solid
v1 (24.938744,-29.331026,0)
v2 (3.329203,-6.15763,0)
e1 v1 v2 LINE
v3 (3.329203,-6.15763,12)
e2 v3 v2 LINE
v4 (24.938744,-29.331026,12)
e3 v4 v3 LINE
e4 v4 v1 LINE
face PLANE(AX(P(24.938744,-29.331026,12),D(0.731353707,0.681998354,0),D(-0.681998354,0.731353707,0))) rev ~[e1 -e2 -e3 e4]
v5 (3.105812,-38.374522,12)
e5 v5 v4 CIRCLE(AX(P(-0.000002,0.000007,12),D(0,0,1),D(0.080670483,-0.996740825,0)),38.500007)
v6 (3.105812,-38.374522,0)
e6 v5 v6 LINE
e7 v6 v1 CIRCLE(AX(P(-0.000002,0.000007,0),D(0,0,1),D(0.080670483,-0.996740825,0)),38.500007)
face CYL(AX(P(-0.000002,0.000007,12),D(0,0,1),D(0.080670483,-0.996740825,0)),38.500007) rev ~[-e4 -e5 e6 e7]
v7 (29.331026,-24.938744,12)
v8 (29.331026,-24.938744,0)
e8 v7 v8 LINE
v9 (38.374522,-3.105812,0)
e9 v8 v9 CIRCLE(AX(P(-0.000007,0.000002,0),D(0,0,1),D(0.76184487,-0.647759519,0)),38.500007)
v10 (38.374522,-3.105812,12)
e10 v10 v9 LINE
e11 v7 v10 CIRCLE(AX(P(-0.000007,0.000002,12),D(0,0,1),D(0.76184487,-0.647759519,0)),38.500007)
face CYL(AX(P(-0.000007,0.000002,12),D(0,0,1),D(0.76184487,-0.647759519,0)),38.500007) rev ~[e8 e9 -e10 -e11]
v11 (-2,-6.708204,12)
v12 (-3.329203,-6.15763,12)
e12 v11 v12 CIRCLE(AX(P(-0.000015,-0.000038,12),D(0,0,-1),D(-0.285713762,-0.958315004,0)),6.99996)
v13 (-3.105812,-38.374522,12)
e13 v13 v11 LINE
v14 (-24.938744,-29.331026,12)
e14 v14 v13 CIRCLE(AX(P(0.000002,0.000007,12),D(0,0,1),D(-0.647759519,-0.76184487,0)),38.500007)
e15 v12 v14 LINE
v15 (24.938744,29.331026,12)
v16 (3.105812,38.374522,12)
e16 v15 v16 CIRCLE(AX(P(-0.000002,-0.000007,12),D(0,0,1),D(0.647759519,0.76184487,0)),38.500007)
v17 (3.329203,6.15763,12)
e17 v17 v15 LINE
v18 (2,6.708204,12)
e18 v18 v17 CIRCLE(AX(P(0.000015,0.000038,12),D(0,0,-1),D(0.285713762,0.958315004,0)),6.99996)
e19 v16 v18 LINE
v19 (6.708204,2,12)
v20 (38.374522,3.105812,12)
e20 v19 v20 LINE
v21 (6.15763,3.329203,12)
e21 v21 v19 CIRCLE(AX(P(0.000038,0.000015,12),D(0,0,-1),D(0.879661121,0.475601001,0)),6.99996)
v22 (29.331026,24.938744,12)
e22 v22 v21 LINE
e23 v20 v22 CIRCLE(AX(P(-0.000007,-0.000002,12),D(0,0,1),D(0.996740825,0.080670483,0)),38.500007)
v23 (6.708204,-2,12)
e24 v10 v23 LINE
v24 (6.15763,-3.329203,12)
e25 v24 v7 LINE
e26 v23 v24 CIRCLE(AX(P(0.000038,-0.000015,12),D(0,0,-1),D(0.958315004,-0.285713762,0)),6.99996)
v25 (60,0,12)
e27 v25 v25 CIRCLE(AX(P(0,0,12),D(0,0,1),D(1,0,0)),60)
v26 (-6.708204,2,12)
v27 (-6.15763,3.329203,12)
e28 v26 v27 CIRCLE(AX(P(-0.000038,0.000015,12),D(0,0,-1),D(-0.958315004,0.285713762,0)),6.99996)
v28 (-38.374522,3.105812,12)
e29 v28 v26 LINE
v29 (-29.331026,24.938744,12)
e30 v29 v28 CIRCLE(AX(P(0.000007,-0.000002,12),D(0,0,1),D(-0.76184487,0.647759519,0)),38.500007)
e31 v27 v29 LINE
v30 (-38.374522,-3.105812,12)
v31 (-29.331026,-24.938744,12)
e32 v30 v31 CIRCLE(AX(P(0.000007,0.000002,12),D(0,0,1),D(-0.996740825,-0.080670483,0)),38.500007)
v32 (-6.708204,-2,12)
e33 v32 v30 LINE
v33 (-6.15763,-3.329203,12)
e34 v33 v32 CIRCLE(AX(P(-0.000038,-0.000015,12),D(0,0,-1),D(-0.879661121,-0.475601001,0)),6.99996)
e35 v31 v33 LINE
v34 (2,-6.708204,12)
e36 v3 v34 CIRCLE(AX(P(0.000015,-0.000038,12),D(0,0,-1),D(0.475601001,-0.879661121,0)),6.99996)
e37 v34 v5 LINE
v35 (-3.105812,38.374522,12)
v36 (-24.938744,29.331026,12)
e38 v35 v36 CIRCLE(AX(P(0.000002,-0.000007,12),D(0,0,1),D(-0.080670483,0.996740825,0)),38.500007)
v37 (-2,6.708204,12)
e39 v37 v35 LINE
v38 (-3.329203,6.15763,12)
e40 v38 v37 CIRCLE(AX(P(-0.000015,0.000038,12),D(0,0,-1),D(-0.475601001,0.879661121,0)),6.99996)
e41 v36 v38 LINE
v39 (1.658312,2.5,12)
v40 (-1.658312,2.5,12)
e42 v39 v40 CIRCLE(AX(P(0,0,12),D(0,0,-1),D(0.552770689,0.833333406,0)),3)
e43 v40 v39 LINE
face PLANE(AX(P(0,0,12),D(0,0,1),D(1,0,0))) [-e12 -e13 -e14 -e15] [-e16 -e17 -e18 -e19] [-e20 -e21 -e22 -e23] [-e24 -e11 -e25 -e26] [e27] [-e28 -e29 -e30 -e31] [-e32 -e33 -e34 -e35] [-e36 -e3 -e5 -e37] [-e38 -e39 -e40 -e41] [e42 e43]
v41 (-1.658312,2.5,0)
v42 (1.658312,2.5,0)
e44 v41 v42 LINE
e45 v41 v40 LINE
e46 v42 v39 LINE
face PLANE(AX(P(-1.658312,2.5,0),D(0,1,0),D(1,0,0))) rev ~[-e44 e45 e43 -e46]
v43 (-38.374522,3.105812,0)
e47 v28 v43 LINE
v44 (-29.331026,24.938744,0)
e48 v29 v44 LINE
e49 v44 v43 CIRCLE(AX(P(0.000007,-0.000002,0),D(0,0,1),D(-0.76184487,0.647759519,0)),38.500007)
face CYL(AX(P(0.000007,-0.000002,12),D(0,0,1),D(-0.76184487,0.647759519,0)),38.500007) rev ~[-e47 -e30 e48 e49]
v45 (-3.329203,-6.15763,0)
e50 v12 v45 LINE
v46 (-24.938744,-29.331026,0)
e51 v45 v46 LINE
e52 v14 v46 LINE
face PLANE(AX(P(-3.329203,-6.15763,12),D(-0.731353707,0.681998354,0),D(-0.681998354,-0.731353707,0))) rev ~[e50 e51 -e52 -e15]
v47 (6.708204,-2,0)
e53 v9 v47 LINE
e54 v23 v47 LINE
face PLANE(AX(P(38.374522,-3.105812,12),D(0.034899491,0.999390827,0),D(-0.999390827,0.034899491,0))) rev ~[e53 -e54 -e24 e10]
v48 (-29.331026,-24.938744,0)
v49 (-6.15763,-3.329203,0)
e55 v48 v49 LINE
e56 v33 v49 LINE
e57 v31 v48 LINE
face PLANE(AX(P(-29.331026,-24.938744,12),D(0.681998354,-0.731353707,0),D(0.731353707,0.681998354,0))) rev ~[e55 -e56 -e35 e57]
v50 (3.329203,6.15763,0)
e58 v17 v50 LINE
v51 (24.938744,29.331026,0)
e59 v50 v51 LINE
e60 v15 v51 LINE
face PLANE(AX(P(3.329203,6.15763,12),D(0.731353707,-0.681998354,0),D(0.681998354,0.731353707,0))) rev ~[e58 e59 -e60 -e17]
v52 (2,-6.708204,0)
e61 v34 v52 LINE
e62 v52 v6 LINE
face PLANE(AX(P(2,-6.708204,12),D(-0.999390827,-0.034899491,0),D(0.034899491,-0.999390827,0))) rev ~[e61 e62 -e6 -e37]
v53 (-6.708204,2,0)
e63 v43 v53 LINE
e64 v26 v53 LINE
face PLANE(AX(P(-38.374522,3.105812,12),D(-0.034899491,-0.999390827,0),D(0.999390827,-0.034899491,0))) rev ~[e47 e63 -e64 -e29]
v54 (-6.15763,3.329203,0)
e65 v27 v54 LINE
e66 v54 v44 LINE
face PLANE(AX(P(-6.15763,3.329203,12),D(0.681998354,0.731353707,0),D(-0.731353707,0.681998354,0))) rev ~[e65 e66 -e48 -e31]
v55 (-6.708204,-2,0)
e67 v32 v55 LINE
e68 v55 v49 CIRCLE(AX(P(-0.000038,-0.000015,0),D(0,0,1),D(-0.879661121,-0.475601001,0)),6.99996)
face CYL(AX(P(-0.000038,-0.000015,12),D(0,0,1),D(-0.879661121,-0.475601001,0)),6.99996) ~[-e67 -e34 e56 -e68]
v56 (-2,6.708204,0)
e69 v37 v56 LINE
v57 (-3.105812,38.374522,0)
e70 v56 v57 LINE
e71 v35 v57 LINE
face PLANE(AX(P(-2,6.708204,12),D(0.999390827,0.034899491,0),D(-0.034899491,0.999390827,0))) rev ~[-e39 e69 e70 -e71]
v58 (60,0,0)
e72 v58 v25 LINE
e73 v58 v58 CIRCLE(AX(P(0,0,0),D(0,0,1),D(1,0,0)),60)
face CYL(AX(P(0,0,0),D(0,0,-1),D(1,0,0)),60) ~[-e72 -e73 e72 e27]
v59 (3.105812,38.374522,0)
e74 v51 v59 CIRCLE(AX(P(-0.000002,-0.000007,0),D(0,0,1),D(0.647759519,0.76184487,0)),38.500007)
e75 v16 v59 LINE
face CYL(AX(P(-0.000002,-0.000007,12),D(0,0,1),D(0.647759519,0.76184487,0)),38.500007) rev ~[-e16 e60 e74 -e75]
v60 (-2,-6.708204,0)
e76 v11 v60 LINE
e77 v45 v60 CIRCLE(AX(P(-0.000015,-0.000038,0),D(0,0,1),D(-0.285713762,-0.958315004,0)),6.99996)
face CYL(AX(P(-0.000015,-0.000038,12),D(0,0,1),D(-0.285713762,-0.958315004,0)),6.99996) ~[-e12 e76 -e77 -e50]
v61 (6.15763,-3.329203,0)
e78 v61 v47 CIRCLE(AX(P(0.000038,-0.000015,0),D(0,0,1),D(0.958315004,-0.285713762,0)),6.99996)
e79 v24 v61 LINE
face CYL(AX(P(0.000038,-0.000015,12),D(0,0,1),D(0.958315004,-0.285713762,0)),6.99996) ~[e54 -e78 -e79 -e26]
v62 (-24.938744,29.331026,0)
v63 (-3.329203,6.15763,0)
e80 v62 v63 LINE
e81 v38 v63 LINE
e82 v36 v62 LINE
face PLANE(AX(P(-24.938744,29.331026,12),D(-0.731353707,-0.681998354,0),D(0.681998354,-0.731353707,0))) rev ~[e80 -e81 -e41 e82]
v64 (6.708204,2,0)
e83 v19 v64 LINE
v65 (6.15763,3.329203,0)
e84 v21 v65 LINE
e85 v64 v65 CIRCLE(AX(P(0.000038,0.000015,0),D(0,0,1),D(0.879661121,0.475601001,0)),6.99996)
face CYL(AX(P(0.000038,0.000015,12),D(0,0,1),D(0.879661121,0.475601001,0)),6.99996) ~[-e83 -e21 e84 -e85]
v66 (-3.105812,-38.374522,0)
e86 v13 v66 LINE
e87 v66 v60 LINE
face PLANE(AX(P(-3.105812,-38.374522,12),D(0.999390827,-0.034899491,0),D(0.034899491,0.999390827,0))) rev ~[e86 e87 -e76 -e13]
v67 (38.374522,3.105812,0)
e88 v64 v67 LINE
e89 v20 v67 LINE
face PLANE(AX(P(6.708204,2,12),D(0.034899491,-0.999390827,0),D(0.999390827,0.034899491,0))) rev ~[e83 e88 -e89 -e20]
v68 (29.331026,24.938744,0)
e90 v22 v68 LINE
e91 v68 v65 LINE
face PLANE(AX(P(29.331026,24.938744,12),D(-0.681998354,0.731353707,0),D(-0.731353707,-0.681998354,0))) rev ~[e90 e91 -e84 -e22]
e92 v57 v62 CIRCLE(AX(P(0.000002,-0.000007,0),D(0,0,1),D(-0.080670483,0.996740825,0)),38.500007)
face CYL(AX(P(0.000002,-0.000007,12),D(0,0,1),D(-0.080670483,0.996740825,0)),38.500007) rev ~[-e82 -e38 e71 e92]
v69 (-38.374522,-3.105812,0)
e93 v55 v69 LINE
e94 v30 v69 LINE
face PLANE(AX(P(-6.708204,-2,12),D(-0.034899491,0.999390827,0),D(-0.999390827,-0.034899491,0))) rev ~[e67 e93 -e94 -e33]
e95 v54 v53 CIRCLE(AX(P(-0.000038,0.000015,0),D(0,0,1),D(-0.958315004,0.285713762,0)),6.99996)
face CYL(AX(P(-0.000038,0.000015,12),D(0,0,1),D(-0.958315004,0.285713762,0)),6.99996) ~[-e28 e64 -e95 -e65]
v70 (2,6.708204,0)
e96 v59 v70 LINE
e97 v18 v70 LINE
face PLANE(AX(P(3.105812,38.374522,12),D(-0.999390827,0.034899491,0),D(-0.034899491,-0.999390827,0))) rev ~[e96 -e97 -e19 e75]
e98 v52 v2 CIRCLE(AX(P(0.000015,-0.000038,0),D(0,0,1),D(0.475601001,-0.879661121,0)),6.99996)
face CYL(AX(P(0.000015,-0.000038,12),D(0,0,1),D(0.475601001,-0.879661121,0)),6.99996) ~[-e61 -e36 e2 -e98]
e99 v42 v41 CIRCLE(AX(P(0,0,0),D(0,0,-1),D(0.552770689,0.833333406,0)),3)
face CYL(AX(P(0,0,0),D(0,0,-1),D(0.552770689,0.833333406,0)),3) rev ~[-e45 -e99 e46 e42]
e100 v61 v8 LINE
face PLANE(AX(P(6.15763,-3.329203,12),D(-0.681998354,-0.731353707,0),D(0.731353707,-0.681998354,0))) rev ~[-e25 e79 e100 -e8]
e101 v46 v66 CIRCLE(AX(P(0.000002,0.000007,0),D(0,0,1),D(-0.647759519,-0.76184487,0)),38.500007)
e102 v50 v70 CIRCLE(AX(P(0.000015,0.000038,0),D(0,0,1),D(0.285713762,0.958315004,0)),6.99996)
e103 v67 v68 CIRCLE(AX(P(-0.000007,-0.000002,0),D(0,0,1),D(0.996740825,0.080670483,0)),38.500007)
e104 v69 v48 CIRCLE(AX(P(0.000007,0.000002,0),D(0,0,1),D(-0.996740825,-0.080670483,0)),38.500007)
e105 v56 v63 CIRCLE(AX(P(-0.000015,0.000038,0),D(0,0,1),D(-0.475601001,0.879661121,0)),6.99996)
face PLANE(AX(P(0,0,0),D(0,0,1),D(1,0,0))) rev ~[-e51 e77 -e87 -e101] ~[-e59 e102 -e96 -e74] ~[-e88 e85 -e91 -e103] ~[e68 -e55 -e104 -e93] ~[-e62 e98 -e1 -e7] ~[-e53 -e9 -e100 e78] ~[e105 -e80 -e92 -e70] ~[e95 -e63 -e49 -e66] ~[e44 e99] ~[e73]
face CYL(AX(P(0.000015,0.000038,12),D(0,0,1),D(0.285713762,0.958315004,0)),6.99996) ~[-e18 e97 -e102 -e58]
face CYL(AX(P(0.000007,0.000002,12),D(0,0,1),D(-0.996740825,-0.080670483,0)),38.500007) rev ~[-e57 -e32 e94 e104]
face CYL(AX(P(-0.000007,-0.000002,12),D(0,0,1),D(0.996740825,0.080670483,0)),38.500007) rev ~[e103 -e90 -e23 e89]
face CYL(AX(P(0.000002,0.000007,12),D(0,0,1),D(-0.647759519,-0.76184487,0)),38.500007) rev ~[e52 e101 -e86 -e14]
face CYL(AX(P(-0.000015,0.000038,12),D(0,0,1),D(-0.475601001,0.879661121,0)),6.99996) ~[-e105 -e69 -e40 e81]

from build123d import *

# Parameters (mm, degrees)
F0_R     = 60
F1_DEPTH = 12
F3_DEPTH = 25


with BuildPart() as f1:
    # F0 (on Top) → F1 (new body)
    with BuildSketch(Plane.XY):
        Circle(F0_R)
        with BuildLine():
            ThreePointArc((1.658312, 2.5), (0, -3), (-1.658312, 2.5))
            Line((-1.658312, 2.5), (1.658312, 2.5))
        make_face(mode=Mode.SUBTRACT)
    extrude(amount=F1_DEPTH)

    # F2 (on face) → F3 (cut)
    with BuildSketch(Plane.XY.offset(12)):
        with BuildLine():
            ThreePointArc((-3.329203, 6.15763), (-2.678784, 6.467157), (-2, 6.708204))
            Line((-2, 6.708204), (-3.105812, 38.374522))
            ThreePointArc((-3.105812, 38.374522), (-14.733312, 35.569362), (-24.938744, 29.331026))
            Line((-24.938744, 29.331026), (-3.329203, 6.15763))
        make_face()
        with BuildLine():
            Line((3.105812, 38.374522), (2, 6.708204))
            ThreePointArc((2, 6.708204), (2.678784, 6.467157), (3.329203, 6.15763))
            Line((3.329203, 6.15763), (24.938744, 29.331026))
            ThreePointArc((24.938744, 29.331026), (14.733312, 35.569362), (3.105812, 38.374522))
        make_face()
        with BuildLine():
            Line((29.331026, 24.938744), (6.15763, 3.329203))
            ThreePointArc((6.15763, 3.329203), (6.467157, 2.678784), (6.708204, 2))
            Line((6.708204, 2), (38.374522, 3.105812))
            ThreePointArc((38.374522, 3.105812), (35.569362, 14.733312), (29.331026, 24.938744))
        make_face()
        with BuildLine():
            Line((38.374522, -3.105812), (6.708204, -2))
            ThreePointArc((6.708204, -2), (6.467157, -2.678784), (6.15763, -3.329203))
            Line((6.15763, -3.329203), (29.331026, -24.938744))
            ThreePointArc((29.331026, -24.938744), (35.569362, -14.733312), (38.374522, -3.105812))
        make_face()
        with BuildLine():
            Line((24.938744, -29.331026), (3.329203, -6.15763))
            ThreePointArc((3.329203, -6.15763), (2.678784, -6.467157), (2, -6.708204))
            Line((2, -6.708204), (3.105812, -38.374522))
            ThreePointArc((3.105812, -38.374522), (14.733312, -35.569362), (24.938744, -29.331026))
        make_face()
        with BuildLine():
            ThreePointArc((-6.708204, 2), (-6.467157, 2.678784), (-6.15763, 3.329203))
            Line((-6.15763, 3.329203), (-29.331026, 24.938744))
            ThreePointArc((-29.331026, 24.938744), (-35.569362, 14.733312), (-38.374522, 3.105812))
            Line((-38.374522, 3.105812), (-6.708204, 2))
        make_face()
        with BuildLine():
            Line((-3.105812, -38.374522), (-2, -6.708204))
            ThreePointArc((-2, -6.708204), (-2.678784, -6.467157), (-3.329203, -6.15763))
            Line((-3.329203, -6.15763), (-24.938744, -29.331026))
            ThreePointArc((-24.938744, -29.331026), (-14.733312, -35.569362), (-3.105812, -38.374522))
        make_face()
        with BuildLine():
            Line((-29.331026, -24.938744), (-6.15763, -3.329203))
            ThreePointArc((-6.15763, -3.329203), (-6.467157, -2.678784), (-6.708204, -2))
            Line((-6.708204, -2), (-38.374522, -3.105812))
            ThreePointArc((-38.374522, -3.105812), (-35.569362, -14.733312), (-29.331026, -24.938744))
        make_face()
    extrude(amount=-F3_DEPTH, mode=Mode.SUBTRACT)


solid = f1.part
